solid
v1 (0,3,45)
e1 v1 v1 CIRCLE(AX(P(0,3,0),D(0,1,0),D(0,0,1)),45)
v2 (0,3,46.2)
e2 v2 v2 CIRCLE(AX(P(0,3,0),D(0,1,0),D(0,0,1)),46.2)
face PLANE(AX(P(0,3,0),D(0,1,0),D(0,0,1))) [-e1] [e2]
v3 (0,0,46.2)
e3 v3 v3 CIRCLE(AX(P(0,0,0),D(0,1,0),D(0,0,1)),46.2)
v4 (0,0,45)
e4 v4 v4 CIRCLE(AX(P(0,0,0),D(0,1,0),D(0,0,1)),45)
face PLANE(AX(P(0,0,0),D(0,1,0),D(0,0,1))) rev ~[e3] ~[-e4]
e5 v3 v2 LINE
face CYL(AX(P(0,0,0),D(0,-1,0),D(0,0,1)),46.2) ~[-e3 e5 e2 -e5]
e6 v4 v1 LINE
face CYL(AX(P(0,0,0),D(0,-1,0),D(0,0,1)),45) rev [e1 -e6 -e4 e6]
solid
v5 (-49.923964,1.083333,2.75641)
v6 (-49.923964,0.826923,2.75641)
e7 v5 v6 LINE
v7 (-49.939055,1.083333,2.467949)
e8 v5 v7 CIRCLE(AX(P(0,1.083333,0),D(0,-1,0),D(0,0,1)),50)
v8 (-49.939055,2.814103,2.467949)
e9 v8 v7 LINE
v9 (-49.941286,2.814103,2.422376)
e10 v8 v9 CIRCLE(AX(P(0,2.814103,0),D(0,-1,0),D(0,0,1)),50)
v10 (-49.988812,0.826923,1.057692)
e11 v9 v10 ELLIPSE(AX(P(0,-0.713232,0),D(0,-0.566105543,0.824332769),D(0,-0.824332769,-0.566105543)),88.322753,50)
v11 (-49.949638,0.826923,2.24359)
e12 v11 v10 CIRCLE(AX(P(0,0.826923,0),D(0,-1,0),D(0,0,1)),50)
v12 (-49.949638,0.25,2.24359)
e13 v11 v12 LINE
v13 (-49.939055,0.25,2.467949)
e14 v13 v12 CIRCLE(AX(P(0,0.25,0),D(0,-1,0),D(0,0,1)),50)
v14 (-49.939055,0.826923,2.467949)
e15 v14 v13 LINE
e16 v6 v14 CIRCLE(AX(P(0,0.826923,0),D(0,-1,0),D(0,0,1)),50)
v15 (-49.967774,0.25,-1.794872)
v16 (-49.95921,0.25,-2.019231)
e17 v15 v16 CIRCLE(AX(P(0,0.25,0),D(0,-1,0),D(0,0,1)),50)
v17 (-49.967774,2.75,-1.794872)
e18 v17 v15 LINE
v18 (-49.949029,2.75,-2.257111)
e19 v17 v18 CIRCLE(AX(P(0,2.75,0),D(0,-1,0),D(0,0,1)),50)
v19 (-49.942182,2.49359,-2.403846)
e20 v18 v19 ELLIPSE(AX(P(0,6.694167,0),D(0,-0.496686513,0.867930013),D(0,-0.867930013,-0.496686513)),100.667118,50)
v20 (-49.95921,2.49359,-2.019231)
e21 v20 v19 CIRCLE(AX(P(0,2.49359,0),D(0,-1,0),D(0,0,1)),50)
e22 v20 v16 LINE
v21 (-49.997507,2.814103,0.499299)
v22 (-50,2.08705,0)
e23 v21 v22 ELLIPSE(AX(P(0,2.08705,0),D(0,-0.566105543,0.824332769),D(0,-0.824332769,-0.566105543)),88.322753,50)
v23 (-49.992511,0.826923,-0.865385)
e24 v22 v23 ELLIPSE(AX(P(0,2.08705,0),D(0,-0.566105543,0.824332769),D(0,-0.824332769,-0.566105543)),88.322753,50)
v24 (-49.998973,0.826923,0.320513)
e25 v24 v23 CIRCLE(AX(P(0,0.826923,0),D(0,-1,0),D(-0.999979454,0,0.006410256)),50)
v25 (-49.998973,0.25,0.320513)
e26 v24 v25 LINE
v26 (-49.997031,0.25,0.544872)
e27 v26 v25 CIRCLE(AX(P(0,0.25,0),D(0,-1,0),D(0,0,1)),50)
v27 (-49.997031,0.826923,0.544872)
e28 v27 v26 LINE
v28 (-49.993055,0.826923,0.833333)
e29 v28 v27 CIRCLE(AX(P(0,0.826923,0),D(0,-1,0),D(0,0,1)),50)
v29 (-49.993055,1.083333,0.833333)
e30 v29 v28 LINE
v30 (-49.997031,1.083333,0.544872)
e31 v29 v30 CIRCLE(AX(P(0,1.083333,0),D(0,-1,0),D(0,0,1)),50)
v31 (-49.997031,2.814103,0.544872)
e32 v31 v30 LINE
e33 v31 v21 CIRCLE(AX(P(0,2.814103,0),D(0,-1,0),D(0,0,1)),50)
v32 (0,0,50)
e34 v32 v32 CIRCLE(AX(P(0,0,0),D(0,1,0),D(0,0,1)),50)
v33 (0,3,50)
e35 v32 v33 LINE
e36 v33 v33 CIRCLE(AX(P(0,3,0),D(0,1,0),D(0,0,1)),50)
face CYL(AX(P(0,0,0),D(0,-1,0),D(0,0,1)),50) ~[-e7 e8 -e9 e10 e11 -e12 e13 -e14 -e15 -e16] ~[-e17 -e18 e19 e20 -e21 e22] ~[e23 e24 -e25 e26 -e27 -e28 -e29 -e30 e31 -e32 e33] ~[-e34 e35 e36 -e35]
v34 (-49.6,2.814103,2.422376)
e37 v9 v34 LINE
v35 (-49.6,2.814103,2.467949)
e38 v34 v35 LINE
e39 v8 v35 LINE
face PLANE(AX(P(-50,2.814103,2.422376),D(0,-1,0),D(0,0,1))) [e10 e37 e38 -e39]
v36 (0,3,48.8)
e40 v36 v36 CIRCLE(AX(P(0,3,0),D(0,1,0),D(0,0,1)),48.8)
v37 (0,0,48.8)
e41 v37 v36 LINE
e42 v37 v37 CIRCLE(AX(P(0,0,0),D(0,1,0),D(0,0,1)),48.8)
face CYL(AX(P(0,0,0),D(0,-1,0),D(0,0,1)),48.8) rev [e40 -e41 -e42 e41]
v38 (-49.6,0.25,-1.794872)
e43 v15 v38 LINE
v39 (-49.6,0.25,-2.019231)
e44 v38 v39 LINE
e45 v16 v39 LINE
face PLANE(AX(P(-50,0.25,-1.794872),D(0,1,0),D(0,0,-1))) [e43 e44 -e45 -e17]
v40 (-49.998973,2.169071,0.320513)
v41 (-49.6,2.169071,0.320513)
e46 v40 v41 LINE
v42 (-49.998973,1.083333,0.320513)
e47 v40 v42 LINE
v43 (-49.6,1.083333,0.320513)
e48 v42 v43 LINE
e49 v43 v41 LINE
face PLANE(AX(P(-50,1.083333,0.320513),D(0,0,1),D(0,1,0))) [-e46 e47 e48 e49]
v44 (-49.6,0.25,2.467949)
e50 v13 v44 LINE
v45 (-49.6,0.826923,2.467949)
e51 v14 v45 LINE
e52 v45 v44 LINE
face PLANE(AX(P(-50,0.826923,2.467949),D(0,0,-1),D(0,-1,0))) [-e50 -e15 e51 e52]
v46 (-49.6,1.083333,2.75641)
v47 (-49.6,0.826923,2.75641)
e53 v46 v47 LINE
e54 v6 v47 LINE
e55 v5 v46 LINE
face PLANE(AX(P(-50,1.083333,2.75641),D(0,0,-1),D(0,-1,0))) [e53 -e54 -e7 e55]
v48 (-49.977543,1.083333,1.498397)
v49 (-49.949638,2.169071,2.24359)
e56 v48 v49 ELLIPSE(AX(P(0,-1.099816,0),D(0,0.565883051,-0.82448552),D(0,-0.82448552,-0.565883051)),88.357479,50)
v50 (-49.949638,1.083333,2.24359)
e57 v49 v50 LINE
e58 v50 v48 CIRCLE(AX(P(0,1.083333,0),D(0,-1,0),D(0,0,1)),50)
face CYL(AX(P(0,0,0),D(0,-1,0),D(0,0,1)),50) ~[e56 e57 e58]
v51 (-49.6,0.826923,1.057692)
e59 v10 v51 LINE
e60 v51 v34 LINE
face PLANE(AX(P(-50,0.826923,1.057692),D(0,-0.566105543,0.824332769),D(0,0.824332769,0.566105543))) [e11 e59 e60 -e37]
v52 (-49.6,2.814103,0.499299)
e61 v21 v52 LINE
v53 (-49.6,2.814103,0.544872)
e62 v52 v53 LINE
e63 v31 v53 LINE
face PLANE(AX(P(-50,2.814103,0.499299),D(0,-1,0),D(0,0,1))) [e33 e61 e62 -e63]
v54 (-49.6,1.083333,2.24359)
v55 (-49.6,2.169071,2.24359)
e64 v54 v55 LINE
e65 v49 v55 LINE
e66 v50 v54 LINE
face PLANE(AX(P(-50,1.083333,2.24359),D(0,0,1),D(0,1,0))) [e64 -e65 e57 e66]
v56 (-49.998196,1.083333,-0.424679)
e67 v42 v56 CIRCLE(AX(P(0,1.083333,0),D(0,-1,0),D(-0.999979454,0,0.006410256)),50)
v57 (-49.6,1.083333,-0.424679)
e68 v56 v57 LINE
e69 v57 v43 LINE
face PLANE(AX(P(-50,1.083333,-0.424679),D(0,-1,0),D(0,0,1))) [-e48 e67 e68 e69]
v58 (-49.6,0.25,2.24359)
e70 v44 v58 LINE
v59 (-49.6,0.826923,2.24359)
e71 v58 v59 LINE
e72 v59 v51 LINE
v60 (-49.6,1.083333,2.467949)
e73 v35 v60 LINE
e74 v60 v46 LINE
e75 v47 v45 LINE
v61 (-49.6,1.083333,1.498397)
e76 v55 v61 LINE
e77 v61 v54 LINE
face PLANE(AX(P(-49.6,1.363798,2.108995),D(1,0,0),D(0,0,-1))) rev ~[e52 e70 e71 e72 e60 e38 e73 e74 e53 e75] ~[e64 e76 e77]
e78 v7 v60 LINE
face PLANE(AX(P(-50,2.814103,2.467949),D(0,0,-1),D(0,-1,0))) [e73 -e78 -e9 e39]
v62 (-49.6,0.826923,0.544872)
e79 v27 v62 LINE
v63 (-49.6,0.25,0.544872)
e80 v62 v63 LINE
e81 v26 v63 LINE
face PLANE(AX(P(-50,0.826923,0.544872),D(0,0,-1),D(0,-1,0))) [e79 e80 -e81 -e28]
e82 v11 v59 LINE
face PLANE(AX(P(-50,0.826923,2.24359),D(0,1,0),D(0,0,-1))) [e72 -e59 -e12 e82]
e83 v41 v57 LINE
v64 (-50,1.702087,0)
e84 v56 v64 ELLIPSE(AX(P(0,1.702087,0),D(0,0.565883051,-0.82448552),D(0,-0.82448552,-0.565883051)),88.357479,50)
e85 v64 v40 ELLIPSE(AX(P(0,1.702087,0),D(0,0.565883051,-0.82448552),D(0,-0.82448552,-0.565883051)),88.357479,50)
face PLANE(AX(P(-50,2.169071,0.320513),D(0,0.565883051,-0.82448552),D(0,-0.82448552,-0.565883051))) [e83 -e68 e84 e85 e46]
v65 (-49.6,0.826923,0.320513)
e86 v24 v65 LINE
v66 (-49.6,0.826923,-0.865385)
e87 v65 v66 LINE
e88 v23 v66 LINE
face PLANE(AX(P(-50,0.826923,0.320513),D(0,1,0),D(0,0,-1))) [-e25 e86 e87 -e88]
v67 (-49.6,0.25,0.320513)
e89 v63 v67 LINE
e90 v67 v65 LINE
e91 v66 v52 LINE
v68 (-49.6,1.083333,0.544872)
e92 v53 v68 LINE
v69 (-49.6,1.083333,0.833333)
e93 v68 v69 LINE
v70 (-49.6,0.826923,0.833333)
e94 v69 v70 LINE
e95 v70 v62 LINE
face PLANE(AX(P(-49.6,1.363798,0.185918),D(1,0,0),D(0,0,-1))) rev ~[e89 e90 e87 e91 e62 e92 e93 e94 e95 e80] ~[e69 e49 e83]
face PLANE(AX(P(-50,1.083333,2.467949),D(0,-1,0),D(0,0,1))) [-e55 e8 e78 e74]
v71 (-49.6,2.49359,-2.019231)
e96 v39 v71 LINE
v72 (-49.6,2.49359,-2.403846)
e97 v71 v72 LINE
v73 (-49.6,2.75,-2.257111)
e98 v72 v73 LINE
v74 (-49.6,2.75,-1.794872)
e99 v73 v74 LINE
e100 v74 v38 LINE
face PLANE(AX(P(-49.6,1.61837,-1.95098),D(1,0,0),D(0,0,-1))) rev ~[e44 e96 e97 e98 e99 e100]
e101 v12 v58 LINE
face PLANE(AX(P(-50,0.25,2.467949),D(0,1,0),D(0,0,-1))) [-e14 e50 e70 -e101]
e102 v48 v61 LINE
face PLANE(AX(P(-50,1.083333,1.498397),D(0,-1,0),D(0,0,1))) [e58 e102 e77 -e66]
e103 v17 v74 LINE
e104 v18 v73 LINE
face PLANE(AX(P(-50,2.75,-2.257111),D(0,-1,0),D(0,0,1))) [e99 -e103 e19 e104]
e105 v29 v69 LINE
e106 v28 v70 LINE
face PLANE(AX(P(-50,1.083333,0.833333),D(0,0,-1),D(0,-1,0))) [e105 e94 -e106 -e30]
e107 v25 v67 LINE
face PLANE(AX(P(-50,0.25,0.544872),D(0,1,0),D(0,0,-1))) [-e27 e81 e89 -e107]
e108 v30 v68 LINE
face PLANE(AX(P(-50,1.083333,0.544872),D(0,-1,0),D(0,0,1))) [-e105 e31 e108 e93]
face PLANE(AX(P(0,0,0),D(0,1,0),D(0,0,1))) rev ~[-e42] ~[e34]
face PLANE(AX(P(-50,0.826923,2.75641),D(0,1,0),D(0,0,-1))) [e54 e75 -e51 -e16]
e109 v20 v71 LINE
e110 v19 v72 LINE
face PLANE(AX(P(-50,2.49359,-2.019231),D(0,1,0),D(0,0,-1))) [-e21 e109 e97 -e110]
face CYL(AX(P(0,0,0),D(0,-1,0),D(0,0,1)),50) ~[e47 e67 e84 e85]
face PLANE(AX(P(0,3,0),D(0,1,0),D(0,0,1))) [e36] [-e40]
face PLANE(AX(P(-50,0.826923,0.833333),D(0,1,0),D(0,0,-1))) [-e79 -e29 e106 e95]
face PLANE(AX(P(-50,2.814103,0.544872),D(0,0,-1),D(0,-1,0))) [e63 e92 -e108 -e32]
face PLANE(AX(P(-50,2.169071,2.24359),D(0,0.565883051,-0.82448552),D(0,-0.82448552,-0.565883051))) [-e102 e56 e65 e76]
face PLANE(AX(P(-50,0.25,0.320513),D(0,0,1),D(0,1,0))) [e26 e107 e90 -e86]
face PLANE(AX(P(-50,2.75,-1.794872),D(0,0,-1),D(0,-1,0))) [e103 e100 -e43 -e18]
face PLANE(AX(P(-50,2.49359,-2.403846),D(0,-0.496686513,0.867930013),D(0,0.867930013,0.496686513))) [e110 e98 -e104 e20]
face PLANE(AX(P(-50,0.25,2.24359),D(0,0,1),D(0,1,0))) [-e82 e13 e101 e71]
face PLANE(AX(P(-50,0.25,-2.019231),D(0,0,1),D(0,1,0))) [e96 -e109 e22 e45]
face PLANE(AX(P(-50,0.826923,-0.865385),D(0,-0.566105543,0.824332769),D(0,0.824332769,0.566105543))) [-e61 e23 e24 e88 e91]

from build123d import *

# Parameters (mm, degrees)
SKETCH1_R           = 46.2
SKETCH1_R_2         = 45
BOSS_EXTRUDE1_DEPTH = 3
SKETCH2_R           = 50
SKETCH2_R_2         = 48.8
BOSS_EXTRUDE2_DEPTH = 3
CUT_EXTRUDE1_DEPTH  = 0.4


with BuildPart() as part:
    # Sketch1 → Boss-Extrude1 (new body)
    with BuildSketch(Plane(origin=(0, 0, 0), x_dir=(1, 0, 0), z_dir=(0, 1, 0))):
        with Locations(Location((0, 0, 0), (0, 0, 270))):
            Circle(SKETCH1_R)
        with Locations(Location((0, 0, 0), (0, 0, 270))):
            Circle(SKETCH1_R_2, mode=Mode.SUBTRACT)
    extrude(amount=BOSS_EXTRUDE1_DEPTH)


with BuildPart() as body_2:
    # Sketch2 → Boss-Extrude2 (new body)
    with BuildSketch(Plane(origin=(0, 0, 0), x_dir=(1, 0, 0), z_dir=(0, 1, 0))):
        with Locations(Location((0, 0, 0), (0, 0, 270))):
            Circle(SKETCH2_R)
        with Locations(Location((0, 0, 0), (0, 0, 270))):
            Circle(SKETCH2_R_2, mode=Mode.SUBTRACT)
    extrude(amount=BOSS_EXTRUDE2_DEPTH)

    # Sketch3 → Cut-Extrude1 (cut)
    # profile 1 of 3: a face of its own
    with BuildSketch(Plane.ZY.offset(50)):
        Polygon((-2.257111378, 2.75), (-1.794871795, 2.75), (-1.794871795, 0.25), (-2.019230769, 0.25), (-2.019230769, 2.493589744), (-2.403846154, 2.493589744), align=None)
    # profile 2 of 3: a face of its own
    with BuildSketch(Plane.ZY.offset(50)):
        Polygon((0.499298878, 2.814102564), (0.544871795, 2.814102564), (0.544871795, 1.083333333), (0.833333333, 1.083333333), (0.833333333, 0.826923077), (0.544871795, 0.826923077), (0.544871795, 0.25), (0.320512821, 0.25), (0.320512821, 0.826923077), (-0.865384615, 0.826923077), align=None)
        Polygon((0.320512821, 1.083333333), (0.320512821, 2.169070513), (-0.424679487, 1.083333333), align=None, mode=Mode.SUBTRACT)
    # profile 3 of 3: a face of its own
    with BuildSketch(Plane.ZY.offset(50)):
        Polygon((2.422375801, 2.814102564), (2.467948718, 2.814102564), (2.467948718, 1.083333333), (2.756410256, 1.083333333), (2.756410256, 0.826923077), (2.467948718, 0.826923077), (2.467948718, 0.25), (2.243589744, 0.25), (2.243589744, 0.826923077), (1.057692308, 0.826923077), align=None)
        Polygon((2.243589744, 1.083333333), (2.243589744, 2.169070513), (1.498397436, 1.083333333), align=None, mode=Mode.SUBTRACT)
    extrude(amount=-CUT_EXTRUDE1_DEPTH, mode=Mode.SUBTRACT)


solid = Compound([part.part, body_2.part])
